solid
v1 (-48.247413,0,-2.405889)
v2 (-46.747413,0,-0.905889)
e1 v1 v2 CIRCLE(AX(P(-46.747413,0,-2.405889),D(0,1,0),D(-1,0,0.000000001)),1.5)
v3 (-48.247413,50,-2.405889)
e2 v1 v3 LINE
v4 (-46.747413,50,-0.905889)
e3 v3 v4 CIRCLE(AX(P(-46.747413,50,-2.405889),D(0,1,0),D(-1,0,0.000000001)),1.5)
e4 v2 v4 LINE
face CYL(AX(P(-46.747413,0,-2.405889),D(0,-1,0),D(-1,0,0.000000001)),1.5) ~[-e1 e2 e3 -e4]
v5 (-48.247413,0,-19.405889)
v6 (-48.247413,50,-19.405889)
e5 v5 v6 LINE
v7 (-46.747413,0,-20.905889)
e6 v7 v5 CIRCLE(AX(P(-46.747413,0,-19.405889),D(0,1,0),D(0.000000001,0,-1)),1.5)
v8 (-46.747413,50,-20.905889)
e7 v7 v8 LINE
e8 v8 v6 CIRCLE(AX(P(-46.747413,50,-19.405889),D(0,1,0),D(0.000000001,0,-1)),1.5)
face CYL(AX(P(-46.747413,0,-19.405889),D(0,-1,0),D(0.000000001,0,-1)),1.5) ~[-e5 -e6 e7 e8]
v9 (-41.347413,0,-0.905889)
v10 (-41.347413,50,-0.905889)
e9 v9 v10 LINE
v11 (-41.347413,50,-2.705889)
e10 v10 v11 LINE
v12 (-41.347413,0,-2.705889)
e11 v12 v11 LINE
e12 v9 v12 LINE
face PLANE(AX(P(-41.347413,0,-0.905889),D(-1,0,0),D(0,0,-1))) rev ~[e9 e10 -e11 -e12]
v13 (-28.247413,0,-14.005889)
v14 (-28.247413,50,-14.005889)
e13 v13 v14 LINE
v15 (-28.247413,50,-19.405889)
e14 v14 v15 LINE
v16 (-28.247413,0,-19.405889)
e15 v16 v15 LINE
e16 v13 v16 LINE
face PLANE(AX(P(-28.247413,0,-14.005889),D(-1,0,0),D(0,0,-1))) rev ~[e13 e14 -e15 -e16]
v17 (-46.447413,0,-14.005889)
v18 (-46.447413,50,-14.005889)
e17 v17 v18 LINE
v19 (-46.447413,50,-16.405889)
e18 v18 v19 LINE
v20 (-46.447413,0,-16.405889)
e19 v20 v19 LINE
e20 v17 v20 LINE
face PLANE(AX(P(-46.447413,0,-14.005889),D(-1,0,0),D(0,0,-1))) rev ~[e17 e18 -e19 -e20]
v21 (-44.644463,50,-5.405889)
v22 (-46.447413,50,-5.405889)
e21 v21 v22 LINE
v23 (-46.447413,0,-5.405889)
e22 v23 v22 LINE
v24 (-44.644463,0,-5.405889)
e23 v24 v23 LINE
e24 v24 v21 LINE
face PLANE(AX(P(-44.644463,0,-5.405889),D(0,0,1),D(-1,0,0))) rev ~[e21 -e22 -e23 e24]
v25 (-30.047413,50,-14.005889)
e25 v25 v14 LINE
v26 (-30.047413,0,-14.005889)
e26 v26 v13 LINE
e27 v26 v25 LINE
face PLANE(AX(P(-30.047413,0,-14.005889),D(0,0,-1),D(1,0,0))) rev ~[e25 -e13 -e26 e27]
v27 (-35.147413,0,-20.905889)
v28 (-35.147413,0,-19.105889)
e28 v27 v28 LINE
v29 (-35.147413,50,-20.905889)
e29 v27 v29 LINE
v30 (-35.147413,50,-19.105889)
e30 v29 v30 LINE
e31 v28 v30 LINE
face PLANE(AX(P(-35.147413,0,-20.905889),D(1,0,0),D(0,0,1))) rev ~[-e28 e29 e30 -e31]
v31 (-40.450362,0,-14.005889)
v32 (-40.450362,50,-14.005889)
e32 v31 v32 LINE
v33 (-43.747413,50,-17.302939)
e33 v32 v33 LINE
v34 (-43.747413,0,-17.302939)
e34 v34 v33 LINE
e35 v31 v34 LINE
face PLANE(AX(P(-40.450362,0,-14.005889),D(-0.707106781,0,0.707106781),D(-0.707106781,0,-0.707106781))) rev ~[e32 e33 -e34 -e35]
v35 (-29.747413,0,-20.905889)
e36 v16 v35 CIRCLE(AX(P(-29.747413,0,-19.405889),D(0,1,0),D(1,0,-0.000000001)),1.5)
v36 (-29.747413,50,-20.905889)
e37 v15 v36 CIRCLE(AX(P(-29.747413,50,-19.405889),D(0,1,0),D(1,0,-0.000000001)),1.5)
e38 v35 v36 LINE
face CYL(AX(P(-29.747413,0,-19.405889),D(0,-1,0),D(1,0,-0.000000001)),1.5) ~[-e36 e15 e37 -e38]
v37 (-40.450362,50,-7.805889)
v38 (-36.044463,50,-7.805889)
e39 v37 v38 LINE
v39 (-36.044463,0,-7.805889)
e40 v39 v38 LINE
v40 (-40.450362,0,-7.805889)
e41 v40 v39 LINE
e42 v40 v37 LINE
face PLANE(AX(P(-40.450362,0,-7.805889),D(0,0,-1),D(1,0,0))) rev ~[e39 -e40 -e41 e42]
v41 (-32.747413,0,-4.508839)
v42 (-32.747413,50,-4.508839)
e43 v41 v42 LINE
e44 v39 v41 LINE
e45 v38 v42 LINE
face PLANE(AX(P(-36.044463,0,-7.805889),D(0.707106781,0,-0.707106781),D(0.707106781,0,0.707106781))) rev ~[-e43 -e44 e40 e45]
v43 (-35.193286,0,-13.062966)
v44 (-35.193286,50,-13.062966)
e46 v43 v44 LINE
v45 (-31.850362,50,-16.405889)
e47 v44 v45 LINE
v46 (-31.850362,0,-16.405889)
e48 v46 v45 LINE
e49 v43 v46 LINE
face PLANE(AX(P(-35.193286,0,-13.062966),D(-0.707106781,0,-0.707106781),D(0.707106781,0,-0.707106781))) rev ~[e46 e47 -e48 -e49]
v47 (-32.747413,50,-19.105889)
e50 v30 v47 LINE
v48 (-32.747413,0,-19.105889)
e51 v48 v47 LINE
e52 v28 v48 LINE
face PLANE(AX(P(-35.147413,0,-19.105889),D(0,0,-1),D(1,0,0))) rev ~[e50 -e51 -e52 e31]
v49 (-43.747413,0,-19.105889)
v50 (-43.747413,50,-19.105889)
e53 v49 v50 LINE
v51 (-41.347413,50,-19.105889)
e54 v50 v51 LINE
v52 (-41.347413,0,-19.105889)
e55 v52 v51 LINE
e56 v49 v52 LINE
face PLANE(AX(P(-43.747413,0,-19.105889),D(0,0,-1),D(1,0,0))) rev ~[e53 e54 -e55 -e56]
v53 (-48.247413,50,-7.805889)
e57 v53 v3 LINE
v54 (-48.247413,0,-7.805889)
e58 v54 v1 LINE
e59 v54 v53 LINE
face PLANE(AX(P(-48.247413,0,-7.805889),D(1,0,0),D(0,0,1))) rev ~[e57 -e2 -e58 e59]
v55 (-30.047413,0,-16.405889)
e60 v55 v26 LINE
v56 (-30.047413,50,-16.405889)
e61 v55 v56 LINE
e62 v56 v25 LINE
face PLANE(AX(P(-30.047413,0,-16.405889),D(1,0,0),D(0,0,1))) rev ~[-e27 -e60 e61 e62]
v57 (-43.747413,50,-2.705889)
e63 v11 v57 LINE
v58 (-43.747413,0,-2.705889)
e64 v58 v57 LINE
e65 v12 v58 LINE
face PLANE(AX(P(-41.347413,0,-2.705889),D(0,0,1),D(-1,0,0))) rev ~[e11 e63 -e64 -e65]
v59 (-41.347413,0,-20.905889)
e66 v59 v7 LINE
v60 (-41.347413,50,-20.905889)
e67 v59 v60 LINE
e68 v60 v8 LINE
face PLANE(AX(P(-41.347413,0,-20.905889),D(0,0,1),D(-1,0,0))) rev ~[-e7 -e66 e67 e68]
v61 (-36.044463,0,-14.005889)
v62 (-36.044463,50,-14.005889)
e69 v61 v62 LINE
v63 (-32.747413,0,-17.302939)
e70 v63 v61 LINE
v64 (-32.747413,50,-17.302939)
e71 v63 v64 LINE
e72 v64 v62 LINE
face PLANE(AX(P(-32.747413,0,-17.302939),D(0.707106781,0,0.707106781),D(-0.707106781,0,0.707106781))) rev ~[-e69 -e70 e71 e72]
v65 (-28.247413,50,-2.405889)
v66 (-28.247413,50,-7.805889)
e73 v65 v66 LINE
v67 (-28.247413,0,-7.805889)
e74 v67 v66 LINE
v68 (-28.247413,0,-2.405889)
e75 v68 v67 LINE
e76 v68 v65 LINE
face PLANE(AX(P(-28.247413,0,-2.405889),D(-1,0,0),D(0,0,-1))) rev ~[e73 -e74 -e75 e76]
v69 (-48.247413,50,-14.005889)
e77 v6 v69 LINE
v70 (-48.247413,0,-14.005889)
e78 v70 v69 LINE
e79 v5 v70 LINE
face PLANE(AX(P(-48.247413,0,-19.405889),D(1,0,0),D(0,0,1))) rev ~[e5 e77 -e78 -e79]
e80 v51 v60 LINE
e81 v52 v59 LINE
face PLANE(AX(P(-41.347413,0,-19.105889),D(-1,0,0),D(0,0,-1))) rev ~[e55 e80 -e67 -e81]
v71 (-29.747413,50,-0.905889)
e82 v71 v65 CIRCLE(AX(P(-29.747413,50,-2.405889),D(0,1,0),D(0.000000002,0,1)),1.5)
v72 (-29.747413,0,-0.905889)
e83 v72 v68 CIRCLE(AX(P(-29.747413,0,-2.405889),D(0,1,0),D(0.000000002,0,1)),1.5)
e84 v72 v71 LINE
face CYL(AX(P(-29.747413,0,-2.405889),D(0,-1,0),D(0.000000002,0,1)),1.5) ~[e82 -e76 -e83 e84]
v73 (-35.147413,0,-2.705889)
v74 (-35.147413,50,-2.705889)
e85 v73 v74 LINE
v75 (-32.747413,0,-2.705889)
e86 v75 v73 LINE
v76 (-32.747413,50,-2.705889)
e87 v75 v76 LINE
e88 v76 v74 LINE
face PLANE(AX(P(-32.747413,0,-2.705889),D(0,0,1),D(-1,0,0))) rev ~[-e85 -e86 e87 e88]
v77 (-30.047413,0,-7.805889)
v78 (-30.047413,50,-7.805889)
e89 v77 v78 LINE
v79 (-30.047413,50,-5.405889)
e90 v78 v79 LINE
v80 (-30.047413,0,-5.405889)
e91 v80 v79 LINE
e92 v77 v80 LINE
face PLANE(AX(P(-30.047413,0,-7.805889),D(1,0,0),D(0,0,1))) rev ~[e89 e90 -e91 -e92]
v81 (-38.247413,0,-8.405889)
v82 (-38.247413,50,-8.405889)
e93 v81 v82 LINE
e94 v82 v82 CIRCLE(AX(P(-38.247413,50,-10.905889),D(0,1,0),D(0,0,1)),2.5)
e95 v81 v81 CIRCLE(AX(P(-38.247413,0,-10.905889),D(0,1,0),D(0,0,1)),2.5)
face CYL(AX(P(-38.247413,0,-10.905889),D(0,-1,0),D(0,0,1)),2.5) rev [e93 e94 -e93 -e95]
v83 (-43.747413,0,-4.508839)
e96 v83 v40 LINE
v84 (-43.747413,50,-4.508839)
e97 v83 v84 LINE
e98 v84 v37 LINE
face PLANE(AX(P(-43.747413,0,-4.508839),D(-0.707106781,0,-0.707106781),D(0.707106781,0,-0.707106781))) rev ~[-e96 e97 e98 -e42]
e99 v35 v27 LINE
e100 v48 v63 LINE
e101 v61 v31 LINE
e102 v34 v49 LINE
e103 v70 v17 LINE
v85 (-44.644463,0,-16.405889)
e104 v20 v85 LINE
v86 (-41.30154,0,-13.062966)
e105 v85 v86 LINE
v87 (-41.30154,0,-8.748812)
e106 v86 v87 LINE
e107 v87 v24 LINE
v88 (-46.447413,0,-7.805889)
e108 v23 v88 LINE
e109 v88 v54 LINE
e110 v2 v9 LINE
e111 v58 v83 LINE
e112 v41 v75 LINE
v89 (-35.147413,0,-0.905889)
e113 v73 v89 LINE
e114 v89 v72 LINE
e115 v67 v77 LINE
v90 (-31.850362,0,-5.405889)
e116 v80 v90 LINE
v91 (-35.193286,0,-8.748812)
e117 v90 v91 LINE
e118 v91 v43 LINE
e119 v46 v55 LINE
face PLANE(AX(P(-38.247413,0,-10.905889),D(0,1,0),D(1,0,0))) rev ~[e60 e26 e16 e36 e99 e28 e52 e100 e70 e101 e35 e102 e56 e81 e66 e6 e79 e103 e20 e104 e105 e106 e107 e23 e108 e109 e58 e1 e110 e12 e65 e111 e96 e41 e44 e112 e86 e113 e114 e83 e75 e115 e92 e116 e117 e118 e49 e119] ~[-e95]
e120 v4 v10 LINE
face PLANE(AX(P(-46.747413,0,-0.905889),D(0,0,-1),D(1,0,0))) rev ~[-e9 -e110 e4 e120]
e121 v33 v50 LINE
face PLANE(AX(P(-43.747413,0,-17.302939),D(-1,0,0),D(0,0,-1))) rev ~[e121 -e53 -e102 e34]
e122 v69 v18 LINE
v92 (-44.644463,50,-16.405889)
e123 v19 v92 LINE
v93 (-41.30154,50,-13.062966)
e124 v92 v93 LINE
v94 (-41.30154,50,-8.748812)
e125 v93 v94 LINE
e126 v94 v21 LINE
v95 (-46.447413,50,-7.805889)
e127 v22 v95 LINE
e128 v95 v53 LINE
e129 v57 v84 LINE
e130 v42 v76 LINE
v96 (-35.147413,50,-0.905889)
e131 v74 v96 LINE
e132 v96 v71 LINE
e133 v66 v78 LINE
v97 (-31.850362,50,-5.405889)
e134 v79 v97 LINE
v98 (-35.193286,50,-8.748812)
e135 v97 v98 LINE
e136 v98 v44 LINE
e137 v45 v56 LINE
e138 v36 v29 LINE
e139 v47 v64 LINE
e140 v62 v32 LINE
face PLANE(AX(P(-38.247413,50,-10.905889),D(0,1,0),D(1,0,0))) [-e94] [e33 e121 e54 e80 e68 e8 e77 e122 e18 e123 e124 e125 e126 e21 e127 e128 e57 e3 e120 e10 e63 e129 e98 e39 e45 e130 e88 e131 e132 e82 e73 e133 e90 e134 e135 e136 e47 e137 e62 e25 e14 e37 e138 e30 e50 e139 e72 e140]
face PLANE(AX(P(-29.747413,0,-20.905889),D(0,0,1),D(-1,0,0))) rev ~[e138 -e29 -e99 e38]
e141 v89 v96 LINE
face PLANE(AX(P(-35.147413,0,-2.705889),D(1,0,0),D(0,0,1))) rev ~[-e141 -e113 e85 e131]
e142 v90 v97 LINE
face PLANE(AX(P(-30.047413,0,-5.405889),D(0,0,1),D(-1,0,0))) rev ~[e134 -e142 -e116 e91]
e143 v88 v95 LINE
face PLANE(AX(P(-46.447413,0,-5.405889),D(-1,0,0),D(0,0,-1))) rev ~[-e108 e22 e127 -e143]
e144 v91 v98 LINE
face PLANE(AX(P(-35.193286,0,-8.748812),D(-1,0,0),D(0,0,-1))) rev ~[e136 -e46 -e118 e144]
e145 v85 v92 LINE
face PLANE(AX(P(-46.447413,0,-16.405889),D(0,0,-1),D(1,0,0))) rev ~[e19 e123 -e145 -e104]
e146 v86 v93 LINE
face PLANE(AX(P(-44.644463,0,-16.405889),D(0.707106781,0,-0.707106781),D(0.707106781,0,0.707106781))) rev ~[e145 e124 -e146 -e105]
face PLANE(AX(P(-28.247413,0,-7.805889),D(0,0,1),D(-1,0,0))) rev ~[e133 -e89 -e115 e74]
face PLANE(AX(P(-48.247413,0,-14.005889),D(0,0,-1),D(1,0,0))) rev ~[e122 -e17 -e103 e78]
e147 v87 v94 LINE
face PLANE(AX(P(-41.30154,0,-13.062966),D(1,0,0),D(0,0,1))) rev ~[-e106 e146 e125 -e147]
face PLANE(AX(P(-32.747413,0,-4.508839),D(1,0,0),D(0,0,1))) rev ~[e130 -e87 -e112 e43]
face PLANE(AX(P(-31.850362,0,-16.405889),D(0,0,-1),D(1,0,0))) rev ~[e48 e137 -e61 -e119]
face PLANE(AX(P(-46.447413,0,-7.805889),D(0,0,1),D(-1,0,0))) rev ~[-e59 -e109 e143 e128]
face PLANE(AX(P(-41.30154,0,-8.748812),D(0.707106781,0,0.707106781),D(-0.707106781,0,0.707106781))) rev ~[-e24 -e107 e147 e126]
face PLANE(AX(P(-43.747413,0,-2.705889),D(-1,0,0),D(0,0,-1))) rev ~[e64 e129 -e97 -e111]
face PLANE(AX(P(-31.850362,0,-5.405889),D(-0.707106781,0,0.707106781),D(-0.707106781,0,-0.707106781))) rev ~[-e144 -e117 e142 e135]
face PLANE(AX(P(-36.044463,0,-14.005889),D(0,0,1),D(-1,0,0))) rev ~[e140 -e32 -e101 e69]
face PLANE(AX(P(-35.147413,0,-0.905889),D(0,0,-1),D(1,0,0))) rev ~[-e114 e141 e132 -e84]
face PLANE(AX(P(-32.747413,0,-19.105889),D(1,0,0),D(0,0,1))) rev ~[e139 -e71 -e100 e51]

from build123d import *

# Parameters (mm, degrees)
SKETCH_1_R      = 2.5
EXTRUDE_1_DEPTH = 50


with BuildPart() as part:
    # 草图1 → 凸台-拉伸1 (new body)
    with BuildSketch(Plane(origin=(0, 0, 0), x_dir=(1, 0, 0), z_dir=(0, 1, 0))):
        with BuildLine():
            Line((-46.447412537, 7.805888715), (-48.247412537, 7.805888715))
            Line((-48.247412537, 7.805888715), (-48.247412537, 2.405888715))
            ThreePointArc((-48.247412537, 2.405888715), (-47.808072709, 1.345228544), (-46.747412537, 0.905888715))
            Line((-46.747412537, 0.905888715), (-41.347412537, 0.905888715))
            Line((-41.347412537, 0.905888715), (-41.347412537, 2.705888715))
            Line((-41.347412537, 2.705888715), (-43.747412537, 2.705888715))
            Line((-43.747412537, 2.705888715), (-43.747412537, 4.50883856))
            Line((-43.747412537, 4.50883856), (-40.450362382, 7.805888715))
            Line((-40.450362382, 7.805888715), (-36.044462693, 7.805888715))
            Line((-36.044462693, 7.805888715), (-32.747412537, 4.50883856))
            Line((-32.747412537, 4.50883856), (-32.747412537, 2.705888715))
            Line((-32.747412537, 2.705888715), (-35.147412537, 2.705888715))
            Line((-35.147412537, 2.705888715), (-35.147412537, 0.905888715))
            Line((-35.147412537, 0.905888715), (-29.747412537, 0.905888715))
            ThreePointArc((-29.747412537, 0.905888715), (-28.686752366, 1.345228544), (-28.247412537, 2.405888715))
            Line((-28.247412537, 2.405888715), (-28.247412537, 7.805888715))
            Line((-28.247412537, 7.805888715), (-30.047412537, 7.805888715))
            Line((-30.047412537, 7.805888715), (-30.047412537, 5.405888715))
            Line((-30.047412537, 5.405888715), (-31.850362382, 5.405888715))
            Line((-31.850362382, 5.405888715), (-35.193285517, 8.74881185))
            Line((-35.193285517, 8.74881185), (-35.193285517, 13.062965581))
            Line((-35.193285517, 13.062965581), (-31.850362382, 16.405888715))
            Line((-31.850362382, 16.405888715), (-30.047412537, 16.405888715))
            Line((-30.047412537, 16.405888715), (-30.047412537, 14.005888715))
            Line((-30.047412537, 14.005888715), (-28.247412537, 14.005888715))
            Line((-28.247412537, 14.005888715), (-28.247412537, 19.405888715))
            ThreePointArc((-28.247412537, 19.405888715), (-28.686752366, 20.466548887), (-29.747412537, 20.905888715))
            Line((-29.747412537, 20.905888715), (-35.147412537, 20.905888715))
            Line((-35.147412537, 20.905888715), (-35.147412537, 19.105888715))
            Line((-35.147412537, 19.105888715), (-32.747412537, 19.105888715))
            Line((-32.747412537, 19.105888715), (-32.747412537, 17.302938871))
            Line((-32.747412537, 17.302938871), (-36.044462693, 14.005888715))
            Line((-36.044462693, 14.005888715), (-40.450362382, 14.005888715))
            Line((-40.450362382, 14.005888715), (-43.747412537, 17.302938871))
            Line((-43.747412537, 17.302938871), (-43.747412537, 19.105888715))
            Line((-43.747412537, 19.105888715), (-41.347412537, 19.105888715))
            Line((-41.347412537, 19.105888715), (-41.347412537, 20.905888715))
            Line((-41.347412537, 20.905888715), (-46.747412537, 20.905888715))
            ThreePointArc((-46.747412537, 20.905888715), (-47.808072709, 20.466548887), (-48.247412537, 19.405888715))
            Line((-48.247412537, 19.405888715), (-48.247412537, 14.005888715))
            Line((-48.247412537, 14.005888715), (-46.447412537, 14.005888715))
            Line((-46.447412537, 14.005888715), (-46.447412537, 16.405888715))
            Line((-46.447412537, 16.405888715), (-44.644462693, 16.405888715))
            Line((-44.644462693, 16.405888715), (-41.301539558, 13.062965581))
            Line((-41.301539558, 13.062965581), (-41.301539558, 8.74881185))
            Line((-41.301539558, 8.74881185), (-44.644462693, 5.405888715))
            Line((-44.644462693, 5.405888715), (-46.447412537, 5.405888715))
            Line((-46.447412537, 5.405888715), (-46.447412537, 7.805888715))
        make_face()
        with Locations(Location((-38.247412537, 10.905888715, 0), (0, 0, 270))):
            Circle(SKETCH_1_R, mode=Mode.SUBTRACT)
    extrude(amount=EXTRUDE_1_DEPTH)


solid = part.part
